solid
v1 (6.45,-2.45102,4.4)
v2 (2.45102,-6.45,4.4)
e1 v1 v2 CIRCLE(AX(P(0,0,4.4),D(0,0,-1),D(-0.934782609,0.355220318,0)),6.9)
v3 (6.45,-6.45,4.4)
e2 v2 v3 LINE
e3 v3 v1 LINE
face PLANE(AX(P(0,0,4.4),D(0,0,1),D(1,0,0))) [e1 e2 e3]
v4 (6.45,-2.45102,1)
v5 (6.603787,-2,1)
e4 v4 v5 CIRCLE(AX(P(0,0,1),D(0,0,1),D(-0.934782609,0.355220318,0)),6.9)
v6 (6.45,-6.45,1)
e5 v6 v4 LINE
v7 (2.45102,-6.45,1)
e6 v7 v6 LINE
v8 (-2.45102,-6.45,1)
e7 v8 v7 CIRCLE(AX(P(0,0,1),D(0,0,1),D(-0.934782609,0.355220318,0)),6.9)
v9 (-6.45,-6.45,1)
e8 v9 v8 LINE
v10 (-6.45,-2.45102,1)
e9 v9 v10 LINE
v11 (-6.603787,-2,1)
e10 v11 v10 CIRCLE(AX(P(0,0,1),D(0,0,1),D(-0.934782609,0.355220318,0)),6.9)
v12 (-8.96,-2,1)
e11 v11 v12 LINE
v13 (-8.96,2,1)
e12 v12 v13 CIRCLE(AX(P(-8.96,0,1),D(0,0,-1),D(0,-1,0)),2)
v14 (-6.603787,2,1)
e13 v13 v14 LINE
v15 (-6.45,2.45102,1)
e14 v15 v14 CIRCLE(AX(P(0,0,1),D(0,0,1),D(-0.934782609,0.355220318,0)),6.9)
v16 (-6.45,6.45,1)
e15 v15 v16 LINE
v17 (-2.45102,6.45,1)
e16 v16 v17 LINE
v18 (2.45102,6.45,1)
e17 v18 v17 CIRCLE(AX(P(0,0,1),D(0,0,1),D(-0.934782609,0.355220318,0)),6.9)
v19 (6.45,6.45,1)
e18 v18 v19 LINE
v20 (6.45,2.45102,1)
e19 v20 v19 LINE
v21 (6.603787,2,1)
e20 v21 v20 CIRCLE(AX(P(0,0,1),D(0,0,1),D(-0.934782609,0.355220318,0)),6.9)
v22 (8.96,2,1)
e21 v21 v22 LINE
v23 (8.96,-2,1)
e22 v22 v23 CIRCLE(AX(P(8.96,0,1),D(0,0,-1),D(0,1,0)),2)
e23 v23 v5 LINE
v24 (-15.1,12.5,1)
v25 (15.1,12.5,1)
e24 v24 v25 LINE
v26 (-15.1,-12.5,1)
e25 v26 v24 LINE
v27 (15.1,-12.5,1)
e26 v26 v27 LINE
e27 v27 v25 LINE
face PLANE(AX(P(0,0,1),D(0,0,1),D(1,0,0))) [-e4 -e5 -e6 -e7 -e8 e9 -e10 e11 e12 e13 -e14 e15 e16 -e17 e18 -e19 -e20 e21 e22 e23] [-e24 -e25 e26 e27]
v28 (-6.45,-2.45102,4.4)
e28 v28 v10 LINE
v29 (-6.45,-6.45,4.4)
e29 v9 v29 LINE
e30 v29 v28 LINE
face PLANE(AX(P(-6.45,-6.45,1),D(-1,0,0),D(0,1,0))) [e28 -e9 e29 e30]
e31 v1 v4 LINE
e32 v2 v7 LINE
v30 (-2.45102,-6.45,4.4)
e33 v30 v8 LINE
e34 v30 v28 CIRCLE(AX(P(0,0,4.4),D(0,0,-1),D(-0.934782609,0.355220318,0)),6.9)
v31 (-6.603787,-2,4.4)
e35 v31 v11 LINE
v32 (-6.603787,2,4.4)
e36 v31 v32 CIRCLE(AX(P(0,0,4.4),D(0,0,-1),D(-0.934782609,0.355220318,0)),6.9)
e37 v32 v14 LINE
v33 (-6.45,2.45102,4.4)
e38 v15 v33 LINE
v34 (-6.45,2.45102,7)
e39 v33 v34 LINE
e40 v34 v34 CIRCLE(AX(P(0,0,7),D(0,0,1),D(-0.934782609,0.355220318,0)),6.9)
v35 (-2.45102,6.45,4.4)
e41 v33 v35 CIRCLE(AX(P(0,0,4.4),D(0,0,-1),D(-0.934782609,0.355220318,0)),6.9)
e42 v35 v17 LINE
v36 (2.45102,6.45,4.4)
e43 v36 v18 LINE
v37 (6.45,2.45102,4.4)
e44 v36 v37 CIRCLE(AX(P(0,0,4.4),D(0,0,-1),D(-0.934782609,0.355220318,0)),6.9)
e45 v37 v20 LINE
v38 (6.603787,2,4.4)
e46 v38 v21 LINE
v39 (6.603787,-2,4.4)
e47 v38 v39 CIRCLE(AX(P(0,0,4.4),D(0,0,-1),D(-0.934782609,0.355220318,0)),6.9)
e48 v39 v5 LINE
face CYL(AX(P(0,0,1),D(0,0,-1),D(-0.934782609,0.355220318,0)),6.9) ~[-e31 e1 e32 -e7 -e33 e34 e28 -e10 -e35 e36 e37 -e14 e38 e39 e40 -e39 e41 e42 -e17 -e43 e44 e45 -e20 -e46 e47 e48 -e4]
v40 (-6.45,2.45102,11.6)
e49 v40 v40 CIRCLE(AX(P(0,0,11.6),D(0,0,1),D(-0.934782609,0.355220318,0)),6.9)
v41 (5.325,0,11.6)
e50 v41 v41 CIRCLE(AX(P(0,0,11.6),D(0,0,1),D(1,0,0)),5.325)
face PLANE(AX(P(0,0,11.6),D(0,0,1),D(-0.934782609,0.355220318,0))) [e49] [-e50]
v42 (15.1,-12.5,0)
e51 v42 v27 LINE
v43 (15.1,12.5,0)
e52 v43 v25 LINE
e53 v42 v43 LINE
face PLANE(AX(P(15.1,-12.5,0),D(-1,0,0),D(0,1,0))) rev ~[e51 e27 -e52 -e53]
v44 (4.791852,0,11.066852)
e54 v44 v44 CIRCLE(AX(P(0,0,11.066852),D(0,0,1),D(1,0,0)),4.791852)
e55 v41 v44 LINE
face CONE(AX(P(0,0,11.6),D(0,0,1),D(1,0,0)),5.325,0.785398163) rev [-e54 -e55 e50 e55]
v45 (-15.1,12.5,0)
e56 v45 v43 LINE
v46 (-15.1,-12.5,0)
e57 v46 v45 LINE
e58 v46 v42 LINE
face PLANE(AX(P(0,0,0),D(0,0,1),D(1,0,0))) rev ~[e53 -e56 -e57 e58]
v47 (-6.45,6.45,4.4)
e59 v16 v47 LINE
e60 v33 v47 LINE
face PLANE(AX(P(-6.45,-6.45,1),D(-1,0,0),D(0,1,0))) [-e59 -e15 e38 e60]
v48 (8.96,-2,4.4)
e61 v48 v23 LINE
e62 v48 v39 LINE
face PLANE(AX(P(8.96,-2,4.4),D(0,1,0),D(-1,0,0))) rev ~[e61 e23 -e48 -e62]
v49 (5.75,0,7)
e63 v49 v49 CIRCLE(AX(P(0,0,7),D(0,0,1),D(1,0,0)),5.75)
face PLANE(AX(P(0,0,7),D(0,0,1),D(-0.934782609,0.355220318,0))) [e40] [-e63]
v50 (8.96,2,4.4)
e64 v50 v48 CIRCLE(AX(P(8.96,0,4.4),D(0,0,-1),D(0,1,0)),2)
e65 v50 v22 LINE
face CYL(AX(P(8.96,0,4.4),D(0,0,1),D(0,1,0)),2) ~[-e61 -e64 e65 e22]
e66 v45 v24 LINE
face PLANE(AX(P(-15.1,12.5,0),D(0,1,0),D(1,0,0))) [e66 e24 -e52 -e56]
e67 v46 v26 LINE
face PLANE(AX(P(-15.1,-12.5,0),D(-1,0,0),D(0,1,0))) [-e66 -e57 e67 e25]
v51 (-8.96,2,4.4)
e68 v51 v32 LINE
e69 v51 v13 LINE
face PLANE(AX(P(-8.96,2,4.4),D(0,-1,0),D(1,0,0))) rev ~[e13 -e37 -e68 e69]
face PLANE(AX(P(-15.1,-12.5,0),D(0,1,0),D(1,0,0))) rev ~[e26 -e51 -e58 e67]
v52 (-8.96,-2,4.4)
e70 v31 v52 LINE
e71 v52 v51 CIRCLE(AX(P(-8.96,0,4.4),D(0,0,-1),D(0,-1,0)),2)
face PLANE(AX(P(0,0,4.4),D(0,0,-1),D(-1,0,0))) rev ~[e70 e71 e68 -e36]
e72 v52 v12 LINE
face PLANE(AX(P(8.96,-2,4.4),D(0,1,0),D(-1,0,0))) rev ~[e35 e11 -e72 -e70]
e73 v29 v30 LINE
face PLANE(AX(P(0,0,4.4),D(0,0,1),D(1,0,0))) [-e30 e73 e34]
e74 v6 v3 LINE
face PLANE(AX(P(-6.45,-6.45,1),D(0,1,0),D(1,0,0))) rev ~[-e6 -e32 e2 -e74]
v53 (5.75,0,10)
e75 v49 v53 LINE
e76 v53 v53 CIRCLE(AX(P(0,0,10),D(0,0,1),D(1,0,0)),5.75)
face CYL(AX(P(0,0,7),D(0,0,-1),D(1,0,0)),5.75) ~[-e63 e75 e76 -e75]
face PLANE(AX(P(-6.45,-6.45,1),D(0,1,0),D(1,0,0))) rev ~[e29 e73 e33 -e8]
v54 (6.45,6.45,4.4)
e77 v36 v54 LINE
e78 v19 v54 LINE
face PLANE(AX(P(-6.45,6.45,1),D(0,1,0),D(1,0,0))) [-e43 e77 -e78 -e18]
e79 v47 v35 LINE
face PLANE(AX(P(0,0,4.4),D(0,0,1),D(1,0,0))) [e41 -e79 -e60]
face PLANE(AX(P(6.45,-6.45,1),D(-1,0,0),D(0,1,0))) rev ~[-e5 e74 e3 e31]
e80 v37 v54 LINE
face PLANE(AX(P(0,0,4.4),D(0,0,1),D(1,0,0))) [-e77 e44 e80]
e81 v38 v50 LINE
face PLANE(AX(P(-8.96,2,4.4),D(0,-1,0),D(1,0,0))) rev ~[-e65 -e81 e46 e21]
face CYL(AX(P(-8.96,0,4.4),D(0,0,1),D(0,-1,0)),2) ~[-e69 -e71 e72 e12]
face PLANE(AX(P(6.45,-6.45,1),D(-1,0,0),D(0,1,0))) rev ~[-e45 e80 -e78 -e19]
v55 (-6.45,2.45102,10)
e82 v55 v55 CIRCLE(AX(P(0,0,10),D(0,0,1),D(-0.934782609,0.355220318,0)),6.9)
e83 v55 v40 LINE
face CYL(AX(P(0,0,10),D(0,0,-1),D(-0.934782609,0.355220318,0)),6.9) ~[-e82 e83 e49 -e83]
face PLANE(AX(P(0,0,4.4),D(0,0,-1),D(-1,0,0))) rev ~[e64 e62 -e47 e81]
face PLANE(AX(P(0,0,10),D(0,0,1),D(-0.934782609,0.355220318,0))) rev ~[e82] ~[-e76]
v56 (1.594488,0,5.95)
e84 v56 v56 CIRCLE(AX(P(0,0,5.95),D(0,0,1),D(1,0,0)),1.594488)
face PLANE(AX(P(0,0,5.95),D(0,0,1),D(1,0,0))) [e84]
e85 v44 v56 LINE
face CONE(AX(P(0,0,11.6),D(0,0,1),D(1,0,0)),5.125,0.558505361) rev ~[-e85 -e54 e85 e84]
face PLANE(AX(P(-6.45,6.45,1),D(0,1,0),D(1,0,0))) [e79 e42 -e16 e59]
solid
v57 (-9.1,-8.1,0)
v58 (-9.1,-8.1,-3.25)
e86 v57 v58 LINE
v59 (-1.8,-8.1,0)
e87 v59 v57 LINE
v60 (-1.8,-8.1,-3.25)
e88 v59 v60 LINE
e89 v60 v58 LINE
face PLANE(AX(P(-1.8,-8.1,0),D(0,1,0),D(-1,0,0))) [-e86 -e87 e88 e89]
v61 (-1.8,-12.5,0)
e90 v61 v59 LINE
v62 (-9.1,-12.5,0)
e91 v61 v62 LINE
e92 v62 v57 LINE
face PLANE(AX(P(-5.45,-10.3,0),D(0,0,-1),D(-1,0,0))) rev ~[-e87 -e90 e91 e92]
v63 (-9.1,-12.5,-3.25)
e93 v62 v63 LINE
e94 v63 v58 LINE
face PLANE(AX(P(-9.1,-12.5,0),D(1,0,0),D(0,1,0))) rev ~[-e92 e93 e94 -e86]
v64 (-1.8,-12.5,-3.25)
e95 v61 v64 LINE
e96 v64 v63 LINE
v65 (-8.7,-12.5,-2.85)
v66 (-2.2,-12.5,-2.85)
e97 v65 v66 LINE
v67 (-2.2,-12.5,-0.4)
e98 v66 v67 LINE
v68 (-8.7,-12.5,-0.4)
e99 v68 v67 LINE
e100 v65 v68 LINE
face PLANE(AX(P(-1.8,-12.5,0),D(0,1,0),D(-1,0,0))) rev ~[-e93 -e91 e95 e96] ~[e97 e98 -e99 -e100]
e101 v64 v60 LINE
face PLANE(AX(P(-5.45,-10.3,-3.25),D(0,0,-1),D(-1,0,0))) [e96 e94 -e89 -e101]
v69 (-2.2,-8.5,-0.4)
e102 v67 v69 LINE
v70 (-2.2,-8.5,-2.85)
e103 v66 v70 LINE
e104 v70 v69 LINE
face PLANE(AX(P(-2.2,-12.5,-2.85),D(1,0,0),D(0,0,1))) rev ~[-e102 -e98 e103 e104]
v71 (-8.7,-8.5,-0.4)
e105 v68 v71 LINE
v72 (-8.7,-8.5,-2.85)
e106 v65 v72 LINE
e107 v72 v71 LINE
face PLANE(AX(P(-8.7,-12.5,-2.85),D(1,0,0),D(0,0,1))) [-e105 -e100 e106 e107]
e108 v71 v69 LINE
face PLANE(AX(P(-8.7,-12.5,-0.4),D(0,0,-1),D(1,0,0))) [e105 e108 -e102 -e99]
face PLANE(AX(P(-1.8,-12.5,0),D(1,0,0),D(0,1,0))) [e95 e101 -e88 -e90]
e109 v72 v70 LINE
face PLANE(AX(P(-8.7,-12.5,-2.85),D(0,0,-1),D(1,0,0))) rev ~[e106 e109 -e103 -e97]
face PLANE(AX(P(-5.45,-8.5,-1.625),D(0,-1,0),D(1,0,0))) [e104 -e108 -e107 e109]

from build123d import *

# Parameters (mm, degrees)
SKETCH1_W           = 30.2
SKETCH1_H           = 25
BOSS_EXTRUDE1_DEPTH = 1
SKETCH2_W           = 12.9
SKETCH2_H           = 12.9
BOSS_EXTRUDE2_DEPTH = 3.4
SKETCH3_R           = 6.9
BOSS_EXTRUDE3_DEPTH = 6
SKETCH4_R           = 5.75
BOSS_EXTRUDE4_DEPTH = 3
SKETCH5_R           = 6.9
BOSS_EXTRUDE5_DEPTH = 1.6
SKETCH6_R           = 5.125
CUT_EXTRUDE1_DEPTH  = 5.65
CUT_EXTRUDE1_DRAFT  = -32
CHAMFER1_SIZE       = 0.2
CHAMFER1_SIZE2      = 0.628676121
SKETCH7_W           = 7.3
SKETCH7_H           = 4.4
BOSS_EXTRUDE6_DEPTH = 3.25
SKETCH8_W           = 6.5
SKETCH8_H           = 2.45
CUT_EXTRUDE2_DEPTH  = 4
BOSS_EXTRUDE7_DEPTH = 3.4


with BuildPart() as part:
    # Sketch1 → Boss-Extrude1 (new body)
    with BuildSketch(Plane.XY):
        Rectangle(SKETCH1_W, SKETCH1_H)
    extrude(amount=BOSS_EXTRUDE1_DEPTH)

    # Sketch2 → Boss-Extrude2 (add)
    with BuildSketch(Plane.XY.offset(1)):
        Rectangle(SKETCH2_W, SKETCH2_H)
    extrude(amount=BOSS_EXTRUDE2_DEPTH)

    # Sketch3 → Boss-Extrude3 (add)
    with BuildSketch(Plane.XY.offset(1)):
        with Locations(Location((0, 0, 0), (0, 0, 159.193052224))):
            Circle(SKETCH3_R)
    extrude(amount=BOSS_EXTRUDE3_DEPTH)

    # Sketch4 → Boss-Extrude4 (add)
    with BuildSketch(Plane.XY.offset(7)):
        Circle(SKETCH4_R)
    extrude(amount=BOSS_EXTRUDE4_DEPTH)

    # Sketch5 → Boss-Extrude5 (add)
    with BuildSketch(Plane.XY.offset(10)):
        with Locations(Location((0, 0, 0), (0, 0, 159.193052224))):
            Circle(SKETCH5_R)
    extrude(amount=BOSS_EXTRUDE5_DEPTH)


with BuildPart() as cut_extrude1_tool:
    # Sketch6 → Cut-Extrude1 (with draft: the straight prism first)
    with BuildSketch(Plane.XY.offset(11.6)):
        Circle(SKETCH6_R)
    extrude(amount=-CUT_EXTRUDE1_DEPTH)
    # Cut-Extrude1: the draft: its side faces are tilted about the plane it starts from
    cut_extrude1_sides = [cut_extrude1_tool.faces().sort_by_distance(p)[0] for p in [
        (-5.125, 0, 8.775),
    ]]
    draft(cut_extrude1_sides, Plane.XY.offset(11.6), CUT_EXTRUDE1_DRAFT)


with BuildPart() as part_1:
    add(part.part)

    # Cut-Extrude1: cut by cut_extrude1_tool
    add(cut_extrude1_tool.part, mode=Mode.SUBTRACT)

    # Chamfer1
    chamfer1_edges = [part_1.edges().sort_by_distance(p)[0] for p in [
        (-5.125, 0, 11.6),
    ]]
    chamfer1_side = [part_1.faces().sort_by_distance(p)[0] for p in [
        (6.26756645, -2.381694876, 11.6),
    ]]
    chamfer(chamfer1_edges, length=CHAMFER1_SIZE, length2=CHAMFER1_SIZE2, reference=chamfer1_side[0])

    # Sketch9 → Boss-Extrude7 (add)
    with BuildSketch(Plane.XY.offset(4.4)):
        with BuildLine():
            Line((8.96, -2), (-8.96, -2))
            ThreePointArc((-8.96, -2), (-10.96, 0), (-8.96, 2))
            Line((-8.96, 2), (8.96, 2))
            ThreePointArc((8.96, 2), (10.96, 0), (8.96, -2))
        make_face()
    extrude(amount=-BOSS_EXTRUDE7_DEPTH)


with BuildPart() as body_2:
    # Sketch7 → Boss-Extrude6 (new body)
    with BuildSketch(Plane(origin=(0, 0, 0), x_dir=(-1, 0, 0), z_dir=(0, 0, -1))):
        with Locations((5.45, -10.3)):
            Rectangle(SKETCH7_W, SKETCH7_H)
    extrude(amount=BOSS_EXTRUDE6_DEPTH)

    # Sketch8 → Cut-Extrude2 (cut)
    with BuildSketch(Plane.XZ.offset(12.5)):
        with Locations((-5.45, -1.625)):
            Rectangle(SKETCH8_W, SKETCH8_H)
    extrude(amount=-CUT_EXTRUDE2_DEPTH, mode=Mode.SUBTRACT)


solid = Compound([part_1.part, body_2.part])
